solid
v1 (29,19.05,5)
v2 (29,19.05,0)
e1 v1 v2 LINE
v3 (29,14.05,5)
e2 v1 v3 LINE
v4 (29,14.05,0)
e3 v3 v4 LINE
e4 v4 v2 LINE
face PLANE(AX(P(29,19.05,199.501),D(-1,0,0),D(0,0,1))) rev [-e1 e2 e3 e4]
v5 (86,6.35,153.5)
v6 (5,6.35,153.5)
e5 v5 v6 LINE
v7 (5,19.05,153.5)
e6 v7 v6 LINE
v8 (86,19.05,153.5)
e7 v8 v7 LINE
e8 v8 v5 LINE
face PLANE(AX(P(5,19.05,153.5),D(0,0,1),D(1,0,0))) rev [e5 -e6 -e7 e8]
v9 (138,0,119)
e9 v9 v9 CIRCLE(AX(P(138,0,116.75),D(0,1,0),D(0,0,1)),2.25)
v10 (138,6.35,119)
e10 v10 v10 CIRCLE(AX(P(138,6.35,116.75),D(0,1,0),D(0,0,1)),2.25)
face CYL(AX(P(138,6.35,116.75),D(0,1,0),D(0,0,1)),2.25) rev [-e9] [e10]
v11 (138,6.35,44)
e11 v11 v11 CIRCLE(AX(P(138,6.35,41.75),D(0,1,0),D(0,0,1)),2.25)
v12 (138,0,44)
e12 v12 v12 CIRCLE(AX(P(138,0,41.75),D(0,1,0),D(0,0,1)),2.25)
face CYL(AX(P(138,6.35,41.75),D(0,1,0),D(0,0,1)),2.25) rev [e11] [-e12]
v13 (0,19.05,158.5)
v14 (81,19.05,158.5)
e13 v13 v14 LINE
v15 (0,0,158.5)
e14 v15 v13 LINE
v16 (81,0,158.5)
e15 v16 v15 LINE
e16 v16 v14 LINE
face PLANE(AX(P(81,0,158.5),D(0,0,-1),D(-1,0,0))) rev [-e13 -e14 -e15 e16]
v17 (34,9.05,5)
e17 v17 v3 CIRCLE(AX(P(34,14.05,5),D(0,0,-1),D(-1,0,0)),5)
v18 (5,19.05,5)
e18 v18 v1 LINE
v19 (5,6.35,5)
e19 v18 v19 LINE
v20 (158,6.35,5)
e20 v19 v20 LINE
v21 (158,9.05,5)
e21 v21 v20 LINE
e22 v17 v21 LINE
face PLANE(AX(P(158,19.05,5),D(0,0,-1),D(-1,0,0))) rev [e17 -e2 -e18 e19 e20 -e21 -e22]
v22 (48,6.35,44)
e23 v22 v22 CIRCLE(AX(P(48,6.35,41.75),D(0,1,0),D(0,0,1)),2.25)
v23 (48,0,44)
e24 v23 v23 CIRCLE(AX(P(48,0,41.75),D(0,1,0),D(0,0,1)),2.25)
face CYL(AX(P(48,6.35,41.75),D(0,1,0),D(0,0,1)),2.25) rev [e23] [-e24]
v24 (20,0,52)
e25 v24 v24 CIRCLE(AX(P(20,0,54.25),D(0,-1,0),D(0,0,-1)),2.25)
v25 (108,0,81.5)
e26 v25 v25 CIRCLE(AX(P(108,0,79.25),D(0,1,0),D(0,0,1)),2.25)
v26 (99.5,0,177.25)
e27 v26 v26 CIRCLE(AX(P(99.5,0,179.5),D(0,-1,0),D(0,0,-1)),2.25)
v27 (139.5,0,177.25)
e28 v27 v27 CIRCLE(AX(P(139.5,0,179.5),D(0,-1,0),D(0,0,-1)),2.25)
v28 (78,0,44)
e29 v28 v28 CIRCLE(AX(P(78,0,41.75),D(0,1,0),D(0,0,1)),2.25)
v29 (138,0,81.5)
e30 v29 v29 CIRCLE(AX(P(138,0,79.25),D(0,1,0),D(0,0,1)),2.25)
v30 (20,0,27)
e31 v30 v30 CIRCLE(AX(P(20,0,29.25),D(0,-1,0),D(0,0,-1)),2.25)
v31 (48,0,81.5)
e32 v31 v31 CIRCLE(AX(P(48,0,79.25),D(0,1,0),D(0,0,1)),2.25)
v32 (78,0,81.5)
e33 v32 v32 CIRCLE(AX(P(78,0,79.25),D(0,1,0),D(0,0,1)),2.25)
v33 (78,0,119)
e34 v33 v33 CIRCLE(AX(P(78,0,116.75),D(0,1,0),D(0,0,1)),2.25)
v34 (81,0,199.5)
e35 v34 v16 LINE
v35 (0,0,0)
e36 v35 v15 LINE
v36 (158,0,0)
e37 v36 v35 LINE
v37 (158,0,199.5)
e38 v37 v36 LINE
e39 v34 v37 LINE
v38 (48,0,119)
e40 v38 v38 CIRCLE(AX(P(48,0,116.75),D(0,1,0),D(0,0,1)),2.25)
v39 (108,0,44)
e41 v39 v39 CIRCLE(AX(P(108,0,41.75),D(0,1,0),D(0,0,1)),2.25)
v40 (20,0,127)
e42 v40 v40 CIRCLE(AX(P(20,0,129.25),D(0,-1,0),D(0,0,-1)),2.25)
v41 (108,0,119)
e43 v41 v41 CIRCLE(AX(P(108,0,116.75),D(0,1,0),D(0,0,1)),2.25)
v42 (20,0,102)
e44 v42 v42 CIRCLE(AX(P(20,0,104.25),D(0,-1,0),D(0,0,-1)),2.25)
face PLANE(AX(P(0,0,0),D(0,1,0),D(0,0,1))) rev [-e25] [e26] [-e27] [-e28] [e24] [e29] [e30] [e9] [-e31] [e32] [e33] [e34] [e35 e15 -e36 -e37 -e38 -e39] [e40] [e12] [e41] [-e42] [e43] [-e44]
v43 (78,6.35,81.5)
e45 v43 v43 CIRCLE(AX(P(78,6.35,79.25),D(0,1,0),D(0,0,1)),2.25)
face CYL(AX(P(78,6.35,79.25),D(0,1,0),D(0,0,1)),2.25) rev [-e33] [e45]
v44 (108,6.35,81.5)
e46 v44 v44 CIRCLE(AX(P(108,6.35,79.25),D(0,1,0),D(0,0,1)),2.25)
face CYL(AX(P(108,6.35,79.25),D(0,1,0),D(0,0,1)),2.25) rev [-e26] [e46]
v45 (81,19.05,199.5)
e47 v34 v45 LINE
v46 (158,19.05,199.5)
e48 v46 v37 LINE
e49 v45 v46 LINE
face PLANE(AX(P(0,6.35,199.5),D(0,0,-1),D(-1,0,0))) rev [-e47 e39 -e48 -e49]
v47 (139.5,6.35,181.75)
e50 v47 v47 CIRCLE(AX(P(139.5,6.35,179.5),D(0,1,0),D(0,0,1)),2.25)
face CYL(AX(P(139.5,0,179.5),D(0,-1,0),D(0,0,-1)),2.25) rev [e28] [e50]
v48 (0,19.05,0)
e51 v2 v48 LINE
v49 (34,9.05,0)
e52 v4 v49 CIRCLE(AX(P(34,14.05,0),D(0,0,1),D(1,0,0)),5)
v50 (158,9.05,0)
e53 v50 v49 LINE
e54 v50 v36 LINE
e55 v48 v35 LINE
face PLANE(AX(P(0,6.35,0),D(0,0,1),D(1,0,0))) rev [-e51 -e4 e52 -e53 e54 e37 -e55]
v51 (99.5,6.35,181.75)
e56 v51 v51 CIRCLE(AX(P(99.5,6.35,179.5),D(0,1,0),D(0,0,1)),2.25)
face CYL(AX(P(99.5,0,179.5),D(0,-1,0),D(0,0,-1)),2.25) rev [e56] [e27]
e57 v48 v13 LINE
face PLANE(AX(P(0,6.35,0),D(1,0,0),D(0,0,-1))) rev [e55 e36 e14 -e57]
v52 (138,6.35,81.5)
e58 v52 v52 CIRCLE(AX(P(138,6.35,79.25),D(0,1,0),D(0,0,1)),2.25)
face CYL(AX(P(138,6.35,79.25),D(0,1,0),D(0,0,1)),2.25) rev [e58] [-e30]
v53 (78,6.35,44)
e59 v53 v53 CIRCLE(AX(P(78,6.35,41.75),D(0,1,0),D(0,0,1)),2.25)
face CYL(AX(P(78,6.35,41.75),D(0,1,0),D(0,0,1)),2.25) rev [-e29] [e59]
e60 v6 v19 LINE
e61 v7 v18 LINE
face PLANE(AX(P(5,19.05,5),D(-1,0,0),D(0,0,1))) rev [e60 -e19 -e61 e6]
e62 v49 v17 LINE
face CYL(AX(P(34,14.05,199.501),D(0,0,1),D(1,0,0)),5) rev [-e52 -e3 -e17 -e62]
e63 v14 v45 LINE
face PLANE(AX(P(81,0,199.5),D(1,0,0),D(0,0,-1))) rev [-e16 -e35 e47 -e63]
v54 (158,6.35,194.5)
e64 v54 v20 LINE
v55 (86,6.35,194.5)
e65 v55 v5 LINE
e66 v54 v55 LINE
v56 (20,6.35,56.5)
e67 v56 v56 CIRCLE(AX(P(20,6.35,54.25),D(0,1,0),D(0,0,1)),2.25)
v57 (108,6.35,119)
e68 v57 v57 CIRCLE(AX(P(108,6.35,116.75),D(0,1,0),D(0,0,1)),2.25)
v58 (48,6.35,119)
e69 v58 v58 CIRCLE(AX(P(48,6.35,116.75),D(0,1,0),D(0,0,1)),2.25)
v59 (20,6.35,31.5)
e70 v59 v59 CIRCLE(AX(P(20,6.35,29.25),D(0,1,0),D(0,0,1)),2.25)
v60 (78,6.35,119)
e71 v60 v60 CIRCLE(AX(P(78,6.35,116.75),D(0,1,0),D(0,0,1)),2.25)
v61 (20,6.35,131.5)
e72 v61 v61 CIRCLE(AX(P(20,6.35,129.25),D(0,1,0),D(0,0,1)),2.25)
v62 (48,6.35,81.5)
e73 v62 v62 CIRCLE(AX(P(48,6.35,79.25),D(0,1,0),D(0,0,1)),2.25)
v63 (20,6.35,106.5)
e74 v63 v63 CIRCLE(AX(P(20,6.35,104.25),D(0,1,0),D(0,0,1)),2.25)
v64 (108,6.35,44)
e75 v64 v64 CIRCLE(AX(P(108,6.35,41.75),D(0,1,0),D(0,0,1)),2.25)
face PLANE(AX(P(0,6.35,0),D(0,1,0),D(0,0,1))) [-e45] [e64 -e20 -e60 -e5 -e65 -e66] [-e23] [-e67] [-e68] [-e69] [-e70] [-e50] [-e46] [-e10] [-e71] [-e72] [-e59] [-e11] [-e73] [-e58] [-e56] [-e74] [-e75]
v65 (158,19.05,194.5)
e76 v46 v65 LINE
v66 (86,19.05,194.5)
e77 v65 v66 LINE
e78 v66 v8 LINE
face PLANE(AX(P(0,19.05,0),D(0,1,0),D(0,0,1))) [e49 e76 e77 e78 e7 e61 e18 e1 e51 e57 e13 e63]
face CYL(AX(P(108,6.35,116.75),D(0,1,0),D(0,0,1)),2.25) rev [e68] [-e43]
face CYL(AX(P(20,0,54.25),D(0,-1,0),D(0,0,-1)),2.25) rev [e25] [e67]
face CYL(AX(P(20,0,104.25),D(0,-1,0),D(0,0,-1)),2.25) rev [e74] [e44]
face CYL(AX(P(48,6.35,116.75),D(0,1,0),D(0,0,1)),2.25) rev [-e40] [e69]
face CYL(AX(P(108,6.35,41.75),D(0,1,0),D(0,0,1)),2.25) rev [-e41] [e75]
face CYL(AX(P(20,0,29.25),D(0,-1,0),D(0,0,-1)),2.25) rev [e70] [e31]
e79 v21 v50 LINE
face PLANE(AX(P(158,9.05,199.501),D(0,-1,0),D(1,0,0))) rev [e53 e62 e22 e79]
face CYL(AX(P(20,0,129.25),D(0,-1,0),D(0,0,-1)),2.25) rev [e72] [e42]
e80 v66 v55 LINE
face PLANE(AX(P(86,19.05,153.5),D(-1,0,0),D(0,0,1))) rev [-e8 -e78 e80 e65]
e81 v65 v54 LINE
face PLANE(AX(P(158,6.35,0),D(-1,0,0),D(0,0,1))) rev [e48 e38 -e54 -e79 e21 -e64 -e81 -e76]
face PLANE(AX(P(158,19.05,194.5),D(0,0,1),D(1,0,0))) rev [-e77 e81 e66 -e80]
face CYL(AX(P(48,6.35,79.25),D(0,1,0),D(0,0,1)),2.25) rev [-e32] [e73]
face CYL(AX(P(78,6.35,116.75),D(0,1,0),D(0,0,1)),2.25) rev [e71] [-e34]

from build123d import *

# Parameters (mm, degrees)
SKETCH1_W                = 158
SKETCH1_H                = 199.5
BOSS_EXTRUDE1_DEPTH      = 6.35
SKETCH2_W                = 81
SKETCH2_H                = 41
CUT_EXTRUDE1_DEPTH       = 7.35
BOSS_EXTRUDE2_DEPTH      = 12.7
M4_CLEARANCE_HOLE1_D     = 4.5
M4_CLEARANCE_HOLE1_DEPTH = 6.35
CUT_EXTRUDE2_REACH       = 201.5
SKETCH7_W                = 129
SKETCH7_H                = 10
FILLET1_R                = 5
M4_CLEARANCE_HOLE2_D     = 4.5
M4_CLEARANCE_HOLE2_DEPTH = 6.35
LPATTERN1_COUNT          = 4
LPATTERN1_PITCH          = 30
LPATTERN1_COUNT_DIR2     = 3
LPATTERN1_PITCH_DIR2     = 37.5


with BuildPart() as part:
    # Sketch1 → Boss-Extrude1 (new body)
    with BuildSketch(Plane(origin=(0, 0, 0), x_dir=(1, 0, 0), z_dir=(0, 1, 0))):
        with Locations((79, -99.75)):
            Rectangle(SKETCH1_W, SKETCH1_H)
    extrude(amount=BOSS_EXTRUDE1_DEPTH)

    # Sketch2 → Cut-Extrude1 (cut, through all)
    with BuildSketch(Plane(origin=(0, 6.35, 0), x_dir=(1, 0, 0), z_dir=(0, 1, 0))):
        with Locations((40.5, -179)):
            Rectangle(SKETCH2_W, SKETCH2_H)
    extrude(amount=-CUT_EXTRUDE1_DEPTH, mode=Mode.SUBTRACT)

    # Sketch3 → Boss-Extrude2 (add)
    with BuildSketch(Plane(origin=(0, 6.35, 0), x_dir=(1, 0, 0), z_dir=(0, 1, 0))):
        Polygon((158, 0), (158, -5), (5, -5), (5, -153.5), (86, -153.5), (86, -194.5), (158, -194.5), (158, -199.5), (86, -199.5), (81, -199.5), (81, -158.5), (0, -158.5), (0, 0), align=None)
    extrude(amount=BOSS_EXTRUDE2_DEPTH)

    # M4 Clearance Hole1
    with Locations(Plane.XZ):
        with Locations((20, 54.25), (99.5, 179.5), (139.5, 179.5), (20, 129.25), (20, 104.25), (20, 29.25)):
            Hole(M4_CLEARANCE_HOLE1_D / 2, depth=M4_CLEARANCE_HOLE1_DEPTH)

    # Sketch7 → Cut-Extrude2 (cut, up to next)
    with BuildSketch(Plane(origin=(0, 0, 0), x_dir=(-1, 0, 0), z_dir=(0, 0, -1)), mode=Mode.PRIVATE) as cut_extrude2_sk1:
        with Locations((-93.5, 14.05)):
            Rectangle(SKETCH7_W, SKETCH7_H)
    cut_extrude2_tool1 = extrude(cut_extrude2_sk1.sketch, amount=-CUT_EXTRUDE2_REACH, mode=Mode.PRIVATE) & part.part
    add(cut_extrude2_tool1.solids().sort_by_distance((93.5, 14.05, 0))[0], mode=Mode.SUBTRACT)

    # Fillet1
    fillet1_edges = [part.edges().sort_by_distance(p)[0] for p in [
        (29, 9.05, 2.5),
    ]]
    fillet(fillet1_edges, radius=FILLET1_R)

    # M4 Clearance Hole2
    with Locations(Plane(origin=(0, 6.35, 0), x_dir=(1, 0, 0), z_dir=(0, 1, 0))):
        with Locations((138, -116.75)):
            m4_clearance_hole2 = Hole(M4_CLEARANCE_HOLE2_D / 2, depth=M4_CLEARANCE_HOLE2_DEPTH)

    # LPattern1: M4 Clearance Hole2 4 × 3
    with Locations(*[(-i * LPATTERN1_PITCH, 0, -j * LPATTERN1_PITCH_DIR2) for i in range(LPATTERN1_COUNT) for j in range(LPATTERN1_COUNT_DIR2) if (i, j) != (0, 0)]):
        add(m4_clearance_hole2, mode=Mode.SUBTRACT)


solid = part.part
